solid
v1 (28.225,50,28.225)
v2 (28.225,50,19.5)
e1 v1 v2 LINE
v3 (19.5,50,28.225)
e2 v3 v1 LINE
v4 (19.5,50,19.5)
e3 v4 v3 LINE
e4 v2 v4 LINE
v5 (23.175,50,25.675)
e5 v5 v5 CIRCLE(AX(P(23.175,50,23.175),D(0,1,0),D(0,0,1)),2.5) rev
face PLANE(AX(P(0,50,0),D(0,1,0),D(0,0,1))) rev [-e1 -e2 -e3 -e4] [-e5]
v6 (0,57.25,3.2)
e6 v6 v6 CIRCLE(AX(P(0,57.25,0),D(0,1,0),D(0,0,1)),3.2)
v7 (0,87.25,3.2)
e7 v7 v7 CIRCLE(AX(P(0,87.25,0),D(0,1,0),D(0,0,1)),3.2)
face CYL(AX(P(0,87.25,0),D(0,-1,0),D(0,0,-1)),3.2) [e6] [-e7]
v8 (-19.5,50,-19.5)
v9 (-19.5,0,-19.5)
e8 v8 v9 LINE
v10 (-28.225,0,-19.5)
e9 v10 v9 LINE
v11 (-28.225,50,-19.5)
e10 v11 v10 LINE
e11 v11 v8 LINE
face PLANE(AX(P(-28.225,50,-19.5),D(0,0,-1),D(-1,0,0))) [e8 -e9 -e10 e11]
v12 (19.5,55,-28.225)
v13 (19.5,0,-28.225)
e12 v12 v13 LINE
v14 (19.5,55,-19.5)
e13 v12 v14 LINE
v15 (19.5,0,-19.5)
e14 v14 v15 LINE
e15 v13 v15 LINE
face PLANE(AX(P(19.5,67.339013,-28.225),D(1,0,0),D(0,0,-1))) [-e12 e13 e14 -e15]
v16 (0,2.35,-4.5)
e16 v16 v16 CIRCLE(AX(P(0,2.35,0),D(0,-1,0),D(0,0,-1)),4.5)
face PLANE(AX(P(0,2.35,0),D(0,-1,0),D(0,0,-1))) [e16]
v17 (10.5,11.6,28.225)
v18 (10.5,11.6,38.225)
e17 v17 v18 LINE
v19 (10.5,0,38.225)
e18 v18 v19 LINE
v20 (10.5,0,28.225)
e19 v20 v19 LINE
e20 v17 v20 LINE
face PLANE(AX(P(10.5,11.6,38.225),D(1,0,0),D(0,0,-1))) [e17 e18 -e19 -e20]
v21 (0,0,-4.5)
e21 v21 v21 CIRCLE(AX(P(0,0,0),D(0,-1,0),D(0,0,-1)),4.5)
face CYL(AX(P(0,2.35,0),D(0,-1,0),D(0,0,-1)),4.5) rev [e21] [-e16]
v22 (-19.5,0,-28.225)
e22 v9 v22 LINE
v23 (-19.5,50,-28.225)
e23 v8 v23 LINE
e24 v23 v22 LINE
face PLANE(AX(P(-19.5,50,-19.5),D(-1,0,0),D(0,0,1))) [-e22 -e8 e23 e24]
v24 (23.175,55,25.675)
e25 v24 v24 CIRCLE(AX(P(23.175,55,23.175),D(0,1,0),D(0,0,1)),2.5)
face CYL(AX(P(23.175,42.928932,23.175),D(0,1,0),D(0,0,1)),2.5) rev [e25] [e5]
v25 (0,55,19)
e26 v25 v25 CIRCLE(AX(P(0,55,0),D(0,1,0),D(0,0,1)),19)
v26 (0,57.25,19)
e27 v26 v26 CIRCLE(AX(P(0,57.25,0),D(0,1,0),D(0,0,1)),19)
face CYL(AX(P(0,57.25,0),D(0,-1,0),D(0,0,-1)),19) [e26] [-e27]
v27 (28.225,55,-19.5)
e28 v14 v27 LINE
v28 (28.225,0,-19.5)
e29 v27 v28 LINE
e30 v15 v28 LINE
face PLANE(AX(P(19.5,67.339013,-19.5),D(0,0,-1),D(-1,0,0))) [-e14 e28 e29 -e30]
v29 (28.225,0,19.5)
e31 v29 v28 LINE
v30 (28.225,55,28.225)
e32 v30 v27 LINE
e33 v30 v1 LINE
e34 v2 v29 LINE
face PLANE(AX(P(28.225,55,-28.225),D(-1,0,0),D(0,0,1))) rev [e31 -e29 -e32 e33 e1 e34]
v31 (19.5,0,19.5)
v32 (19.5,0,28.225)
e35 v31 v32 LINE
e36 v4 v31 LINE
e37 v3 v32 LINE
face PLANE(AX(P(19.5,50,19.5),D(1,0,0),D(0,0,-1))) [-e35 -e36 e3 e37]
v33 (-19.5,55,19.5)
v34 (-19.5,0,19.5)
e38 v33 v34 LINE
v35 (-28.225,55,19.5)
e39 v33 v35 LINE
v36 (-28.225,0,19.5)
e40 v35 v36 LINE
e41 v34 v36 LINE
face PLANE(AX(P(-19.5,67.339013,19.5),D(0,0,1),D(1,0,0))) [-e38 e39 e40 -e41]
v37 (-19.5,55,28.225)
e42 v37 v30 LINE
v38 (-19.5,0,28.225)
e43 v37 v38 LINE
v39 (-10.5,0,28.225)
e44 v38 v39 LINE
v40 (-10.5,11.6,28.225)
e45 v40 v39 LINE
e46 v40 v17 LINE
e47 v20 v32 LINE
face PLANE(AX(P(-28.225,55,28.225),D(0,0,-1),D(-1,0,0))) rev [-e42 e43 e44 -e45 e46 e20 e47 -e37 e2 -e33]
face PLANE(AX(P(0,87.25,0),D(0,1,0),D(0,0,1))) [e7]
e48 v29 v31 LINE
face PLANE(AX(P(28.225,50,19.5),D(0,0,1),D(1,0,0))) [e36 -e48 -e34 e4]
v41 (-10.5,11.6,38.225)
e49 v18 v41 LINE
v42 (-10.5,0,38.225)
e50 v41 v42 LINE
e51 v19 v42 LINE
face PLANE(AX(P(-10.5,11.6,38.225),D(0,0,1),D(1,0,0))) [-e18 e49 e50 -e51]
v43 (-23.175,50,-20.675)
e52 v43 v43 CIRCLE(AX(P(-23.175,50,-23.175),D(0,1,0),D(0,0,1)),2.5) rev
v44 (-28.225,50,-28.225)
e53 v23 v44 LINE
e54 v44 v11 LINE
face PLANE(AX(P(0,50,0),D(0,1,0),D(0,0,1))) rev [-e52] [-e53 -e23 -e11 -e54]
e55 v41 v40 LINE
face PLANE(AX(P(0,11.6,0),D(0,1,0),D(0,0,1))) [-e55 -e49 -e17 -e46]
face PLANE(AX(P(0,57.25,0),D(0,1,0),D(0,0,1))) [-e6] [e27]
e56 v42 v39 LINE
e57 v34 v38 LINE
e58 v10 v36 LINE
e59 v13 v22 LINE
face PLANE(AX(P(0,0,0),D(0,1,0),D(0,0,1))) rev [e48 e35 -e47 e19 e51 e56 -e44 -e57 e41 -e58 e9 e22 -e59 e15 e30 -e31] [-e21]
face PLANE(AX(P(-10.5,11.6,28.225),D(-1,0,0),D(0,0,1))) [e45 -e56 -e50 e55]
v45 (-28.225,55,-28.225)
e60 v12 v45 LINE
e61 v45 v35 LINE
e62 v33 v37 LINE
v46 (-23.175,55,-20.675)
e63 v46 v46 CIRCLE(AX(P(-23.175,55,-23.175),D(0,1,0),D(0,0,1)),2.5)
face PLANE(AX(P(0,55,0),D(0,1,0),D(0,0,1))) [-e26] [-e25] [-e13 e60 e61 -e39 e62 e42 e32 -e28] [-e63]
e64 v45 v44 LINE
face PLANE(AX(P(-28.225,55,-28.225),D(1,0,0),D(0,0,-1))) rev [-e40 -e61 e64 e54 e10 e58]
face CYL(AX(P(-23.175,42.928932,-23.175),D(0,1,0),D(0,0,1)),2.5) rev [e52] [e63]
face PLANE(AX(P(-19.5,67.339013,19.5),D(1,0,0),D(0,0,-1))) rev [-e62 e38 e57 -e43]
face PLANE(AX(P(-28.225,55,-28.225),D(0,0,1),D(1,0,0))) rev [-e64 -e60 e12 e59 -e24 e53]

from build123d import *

# Parameters (mm, degrees)
SKETCH1_W           = 56.45
SKETCH1_H           = 56.45
BOSS_EXTRUDE1_DEPTH = 55
SKETCH2_R           = 19
BOSS_EXTRUDE2_DEPTH = 2.25
SKETCH3_R           = 3.2
BOSS_EXTRUDE3_DEPTH = 30
SKETCH4_W           = 8.725
SKETCH4_H           = 8.725
CUT_EXTRUDE1_DEPTH  = 55
SKETCH4_3_W         = 8.725
SKETCH4_3_H         = 8.725
CUT_EXTRUDE2_DEPTH  = 50
BOSS_EXTRUDE4_DEPTH = 11.6
SKETCH6_R           = 2.5
CUT_EXTRUDE3_DEPTH  = 5
SKETCH7_R           = 4.5
CUT_EXTRUDE4_DEPTH  = 2.35


with BuildPart() as part:
    # Sketch1 → Boss-Extrude1 (new body)
    with BuildSketch(Plane(origin=(0, 0, 0), x_dir=(1, 0, 0), z_dir=(0, 1, 0))):
        Rectangle(SKETCH1_W, SKETCH1_H)
    extrude(amount=BOSS_EXTRUDE1_DEPTH)

    # Sketch2 → Boss-Extrude2 (add)
    with BuildSketch(Plane(origin=(0, 55, 0), x_dir=(1, 0, 0), z_dir=(0, 1, 0))):
        Circle(SKETCH2_R)
    extrude(amount=BOSS_EXTRUDE2_DEPTH)

    # Sketch3 → Boss-Extrude3 (add)
    with BuildSketch(Plane(origin=(0, 57.25, 0), x_dir=(1, 0, 0), z_dir=(0, 1, 0))):
        Circle(SKETCH3_R)
    extrude(amount=BOSS_EXTRUDE3_DEPTH)

    # Sketch4 → Cut-Extrude1 (cut)
    with BuildSketch(Plane.XZ):
        with Locations((23.8625, -23.8625)):
            Rectangle(SKETCH4_W, SKETCH4_H)
        with Locations((-23.8625, 23.8625)):
            Rectangle(SKETCH4_W, SKETCH4_H)
    extrude(amount=-CUT_EXTRUDE1_DEPTH, mode=Mode.SUBTRACT)

    # Sketch4<3> → Cut-Extrude2 (cut)
    with BuildSketch(Plane.XZ):
        with Locations((23.8625, 23.8625)):
            Rectangle(SKETCH4_3_W, SKETCH4_3_H)
        with Locations((-23.8625, -23.8625)):
            Rectangle(SKETCH4_3_W, SKETCH4_3_H)
    extrude(amount=-CUT_EXTRUDE2_DEPTH, mode=Mode.SUBTRACT)

    # Sketch5 → Boss-Extrude4 (add)
    with BuildSketch(Plane.XZ):
        Polygon((0, 28.225), (10.5, 28.225), (10.5, 38.225), (-10.5, 38.225), (-10.5, 28.225), align=None)
    extrude(amount=-BOSS_EXTRUDE4_DEPTH)

    # Sketch6 → Cut-Extrude3 (cut)
    with BuildSketch(Plane(origin=(0, 55, 0), x_dir=(1, 0, 0), z_dir=(0, 1, 0))):
        with Locations((-23.175, 23.175)):
            Circle(SKETCH6_R)
        with Locations((23.175, -23.175)):
            Circle(SKETCH6_R)
    extrude(amount=-CUT_EXTRUDE3_DEPTH, mode=Mode.SUBTRACT)

    # Sketch7 → Cut-Extrude4 (cut)
    with BuildSketch(Plane.XZ):
        Circle(SKETCH7_R)
    extrude(amount=-CUT_EXTRUDE4_DEPTH, mode=Mode.SUBTRACT)


solid = part.part
